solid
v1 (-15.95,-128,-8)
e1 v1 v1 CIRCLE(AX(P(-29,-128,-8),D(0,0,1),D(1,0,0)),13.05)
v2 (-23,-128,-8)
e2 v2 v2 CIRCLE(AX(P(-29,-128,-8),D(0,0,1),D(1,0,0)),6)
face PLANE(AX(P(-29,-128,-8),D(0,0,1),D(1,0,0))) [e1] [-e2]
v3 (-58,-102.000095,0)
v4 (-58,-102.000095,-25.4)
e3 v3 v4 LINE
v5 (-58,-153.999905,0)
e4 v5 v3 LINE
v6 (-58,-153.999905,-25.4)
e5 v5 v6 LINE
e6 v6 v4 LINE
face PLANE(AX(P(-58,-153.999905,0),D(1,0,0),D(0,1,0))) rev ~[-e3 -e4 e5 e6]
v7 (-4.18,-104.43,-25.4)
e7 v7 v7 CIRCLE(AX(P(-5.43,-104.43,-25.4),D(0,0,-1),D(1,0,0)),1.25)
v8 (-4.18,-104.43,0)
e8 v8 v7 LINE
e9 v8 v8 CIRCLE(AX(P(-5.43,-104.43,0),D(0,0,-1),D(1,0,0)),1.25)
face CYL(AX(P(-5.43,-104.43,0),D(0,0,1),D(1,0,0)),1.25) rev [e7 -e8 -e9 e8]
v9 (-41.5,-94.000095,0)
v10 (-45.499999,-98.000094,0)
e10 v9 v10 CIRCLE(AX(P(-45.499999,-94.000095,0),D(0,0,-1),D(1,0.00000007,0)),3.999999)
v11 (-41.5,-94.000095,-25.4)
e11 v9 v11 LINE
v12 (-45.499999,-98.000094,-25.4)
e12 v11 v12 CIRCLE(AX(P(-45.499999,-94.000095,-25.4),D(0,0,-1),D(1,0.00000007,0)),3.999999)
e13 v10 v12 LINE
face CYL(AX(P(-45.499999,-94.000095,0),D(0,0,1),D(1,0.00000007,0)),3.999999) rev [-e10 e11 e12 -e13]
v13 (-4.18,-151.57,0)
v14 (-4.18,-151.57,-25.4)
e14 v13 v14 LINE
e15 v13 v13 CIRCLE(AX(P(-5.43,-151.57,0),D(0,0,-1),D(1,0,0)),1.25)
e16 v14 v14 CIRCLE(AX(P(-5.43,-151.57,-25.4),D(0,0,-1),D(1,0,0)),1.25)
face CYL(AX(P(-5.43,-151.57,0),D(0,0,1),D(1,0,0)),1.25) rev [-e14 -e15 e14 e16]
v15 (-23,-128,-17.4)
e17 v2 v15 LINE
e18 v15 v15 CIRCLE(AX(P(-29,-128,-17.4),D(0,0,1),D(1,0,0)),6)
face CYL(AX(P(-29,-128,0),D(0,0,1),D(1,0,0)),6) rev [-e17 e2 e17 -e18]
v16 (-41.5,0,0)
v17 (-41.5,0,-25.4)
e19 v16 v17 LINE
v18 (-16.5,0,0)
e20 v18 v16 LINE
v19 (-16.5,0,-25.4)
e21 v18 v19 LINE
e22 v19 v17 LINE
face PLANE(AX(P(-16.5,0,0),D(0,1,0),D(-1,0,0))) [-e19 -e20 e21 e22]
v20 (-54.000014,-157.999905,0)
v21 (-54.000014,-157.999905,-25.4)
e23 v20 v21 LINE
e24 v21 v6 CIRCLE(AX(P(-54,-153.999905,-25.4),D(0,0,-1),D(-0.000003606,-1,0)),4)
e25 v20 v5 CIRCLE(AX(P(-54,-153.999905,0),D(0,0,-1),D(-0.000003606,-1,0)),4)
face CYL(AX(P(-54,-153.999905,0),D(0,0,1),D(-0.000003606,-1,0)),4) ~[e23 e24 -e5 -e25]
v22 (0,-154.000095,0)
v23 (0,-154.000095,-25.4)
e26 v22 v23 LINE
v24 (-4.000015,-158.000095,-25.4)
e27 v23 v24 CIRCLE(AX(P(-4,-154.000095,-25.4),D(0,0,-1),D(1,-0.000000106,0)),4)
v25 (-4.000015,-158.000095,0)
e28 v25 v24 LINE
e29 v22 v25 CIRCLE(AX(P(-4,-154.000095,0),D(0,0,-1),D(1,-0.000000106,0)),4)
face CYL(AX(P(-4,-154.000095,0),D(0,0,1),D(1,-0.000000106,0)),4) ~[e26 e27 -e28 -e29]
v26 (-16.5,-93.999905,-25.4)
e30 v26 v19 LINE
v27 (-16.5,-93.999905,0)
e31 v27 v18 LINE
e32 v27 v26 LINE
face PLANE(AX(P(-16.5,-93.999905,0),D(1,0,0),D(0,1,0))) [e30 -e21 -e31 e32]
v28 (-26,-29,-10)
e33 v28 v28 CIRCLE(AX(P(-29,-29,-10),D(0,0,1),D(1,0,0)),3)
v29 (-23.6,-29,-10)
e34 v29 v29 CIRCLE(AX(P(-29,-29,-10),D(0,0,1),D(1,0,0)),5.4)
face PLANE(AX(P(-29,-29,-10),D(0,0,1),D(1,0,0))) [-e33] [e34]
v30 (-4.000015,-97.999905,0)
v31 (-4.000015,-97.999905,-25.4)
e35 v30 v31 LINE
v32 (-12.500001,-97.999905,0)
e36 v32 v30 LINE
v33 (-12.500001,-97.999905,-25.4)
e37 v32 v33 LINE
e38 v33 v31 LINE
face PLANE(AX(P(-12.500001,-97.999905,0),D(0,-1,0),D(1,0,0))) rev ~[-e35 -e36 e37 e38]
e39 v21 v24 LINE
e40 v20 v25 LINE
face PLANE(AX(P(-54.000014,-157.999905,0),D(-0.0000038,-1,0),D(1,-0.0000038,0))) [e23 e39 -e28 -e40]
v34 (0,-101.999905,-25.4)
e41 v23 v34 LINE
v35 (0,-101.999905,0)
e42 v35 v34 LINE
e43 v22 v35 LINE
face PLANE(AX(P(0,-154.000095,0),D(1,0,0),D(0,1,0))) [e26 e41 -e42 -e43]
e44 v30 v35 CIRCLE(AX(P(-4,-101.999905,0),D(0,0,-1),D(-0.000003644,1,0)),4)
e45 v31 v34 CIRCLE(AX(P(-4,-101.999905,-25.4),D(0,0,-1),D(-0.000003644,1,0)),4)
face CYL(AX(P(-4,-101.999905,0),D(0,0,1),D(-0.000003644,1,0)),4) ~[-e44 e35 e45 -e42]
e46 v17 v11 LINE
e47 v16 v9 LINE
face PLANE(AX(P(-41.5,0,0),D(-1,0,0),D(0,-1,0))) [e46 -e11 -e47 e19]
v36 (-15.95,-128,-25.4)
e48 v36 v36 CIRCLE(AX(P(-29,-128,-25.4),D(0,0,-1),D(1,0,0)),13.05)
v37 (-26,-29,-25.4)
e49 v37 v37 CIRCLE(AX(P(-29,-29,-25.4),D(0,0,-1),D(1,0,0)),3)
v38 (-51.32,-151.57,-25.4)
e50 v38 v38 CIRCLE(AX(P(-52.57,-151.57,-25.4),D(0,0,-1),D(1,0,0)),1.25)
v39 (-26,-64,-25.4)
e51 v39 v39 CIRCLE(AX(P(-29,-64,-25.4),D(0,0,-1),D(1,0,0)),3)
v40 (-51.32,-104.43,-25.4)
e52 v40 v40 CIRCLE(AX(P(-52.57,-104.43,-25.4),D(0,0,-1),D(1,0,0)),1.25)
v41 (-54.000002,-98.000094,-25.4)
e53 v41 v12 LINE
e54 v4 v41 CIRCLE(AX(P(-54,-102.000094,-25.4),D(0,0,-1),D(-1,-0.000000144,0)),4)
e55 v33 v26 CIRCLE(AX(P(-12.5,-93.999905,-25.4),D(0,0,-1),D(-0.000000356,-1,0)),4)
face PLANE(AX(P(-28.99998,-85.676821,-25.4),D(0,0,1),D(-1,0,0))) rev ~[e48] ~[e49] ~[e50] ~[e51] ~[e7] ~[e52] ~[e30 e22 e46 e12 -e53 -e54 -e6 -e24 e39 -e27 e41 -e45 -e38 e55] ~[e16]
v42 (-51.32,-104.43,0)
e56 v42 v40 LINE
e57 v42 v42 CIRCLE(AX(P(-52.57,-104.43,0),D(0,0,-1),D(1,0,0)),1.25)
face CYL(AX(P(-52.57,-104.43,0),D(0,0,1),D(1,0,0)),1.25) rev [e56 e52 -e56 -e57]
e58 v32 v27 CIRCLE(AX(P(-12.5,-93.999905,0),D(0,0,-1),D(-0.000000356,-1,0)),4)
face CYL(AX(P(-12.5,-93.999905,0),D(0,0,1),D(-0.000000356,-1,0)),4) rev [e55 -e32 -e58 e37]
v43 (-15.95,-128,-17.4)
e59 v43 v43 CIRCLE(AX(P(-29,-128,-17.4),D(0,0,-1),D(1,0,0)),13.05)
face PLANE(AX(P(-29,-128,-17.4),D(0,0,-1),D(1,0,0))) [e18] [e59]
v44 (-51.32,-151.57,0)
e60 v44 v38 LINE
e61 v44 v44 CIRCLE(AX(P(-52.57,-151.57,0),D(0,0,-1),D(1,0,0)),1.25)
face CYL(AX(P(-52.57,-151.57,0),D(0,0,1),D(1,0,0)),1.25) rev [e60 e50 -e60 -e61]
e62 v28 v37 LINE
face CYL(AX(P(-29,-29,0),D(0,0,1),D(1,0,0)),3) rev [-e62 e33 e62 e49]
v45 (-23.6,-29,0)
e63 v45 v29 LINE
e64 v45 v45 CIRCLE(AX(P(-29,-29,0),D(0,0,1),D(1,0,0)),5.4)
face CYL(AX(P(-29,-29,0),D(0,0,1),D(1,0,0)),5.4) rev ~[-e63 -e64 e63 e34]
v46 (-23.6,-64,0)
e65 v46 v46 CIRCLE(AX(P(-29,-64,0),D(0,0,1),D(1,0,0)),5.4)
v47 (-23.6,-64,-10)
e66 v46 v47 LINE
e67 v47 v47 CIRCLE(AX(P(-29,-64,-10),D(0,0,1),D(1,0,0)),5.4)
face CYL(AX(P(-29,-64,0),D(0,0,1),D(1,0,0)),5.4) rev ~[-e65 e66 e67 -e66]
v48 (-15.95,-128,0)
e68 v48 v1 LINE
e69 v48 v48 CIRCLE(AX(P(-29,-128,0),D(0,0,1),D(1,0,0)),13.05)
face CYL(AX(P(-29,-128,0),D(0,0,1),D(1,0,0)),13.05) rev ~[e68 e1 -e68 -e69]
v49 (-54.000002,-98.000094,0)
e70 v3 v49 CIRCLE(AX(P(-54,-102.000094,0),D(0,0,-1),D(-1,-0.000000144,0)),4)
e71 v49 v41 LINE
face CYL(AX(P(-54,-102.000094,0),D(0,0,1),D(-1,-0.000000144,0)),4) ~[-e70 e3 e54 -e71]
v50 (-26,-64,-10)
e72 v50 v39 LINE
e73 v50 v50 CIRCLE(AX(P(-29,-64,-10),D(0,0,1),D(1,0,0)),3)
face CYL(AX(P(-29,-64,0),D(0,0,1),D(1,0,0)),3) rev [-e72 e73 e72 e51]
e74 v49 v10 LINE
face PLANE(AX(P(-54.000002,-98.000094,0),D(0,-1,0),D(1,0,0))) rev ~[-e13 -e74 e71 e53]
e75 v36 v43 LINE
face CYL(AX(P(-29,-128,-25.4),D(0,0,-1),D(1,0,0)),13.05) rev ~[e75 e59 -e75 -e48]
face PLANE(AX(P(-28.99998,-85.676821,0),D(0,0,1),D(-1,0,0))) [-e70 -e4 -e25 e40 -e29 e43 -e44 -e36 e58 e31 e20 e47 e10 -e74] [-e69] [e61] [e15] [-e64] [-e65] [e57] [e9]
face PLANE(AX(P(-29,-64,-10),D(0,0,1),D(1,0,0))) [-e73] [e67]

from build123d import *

# Parameters (mm, degrees)
SKETCH002_R     = 6
SKETCH002_R_2   = 3
SKETCH002_R_3   = 1.25
PAD_DEPTH       = 25.4
SKETCH_R        = 13.05
POCKET_DEPTH    = 8
SKETCH003_R     = 13.05
POCKET001_DEPTH = 8
SKETCH004_R     = 5.4
POCKET002_DEPTH = 10


with BuildPart() as part:
    # Sketch002 → Pad (new body)
    with BuildSketch(Plane(origin=(0, 0, 0), x_dir=(1, 0, 0), z_dir=(0, 0, -1))):
        with BuildLine():
            Line((-16.5, 0), (-41.5, 0))
            Line((-41.5, 0), (-41.5, 94.000095))
            ThreePointArc((-41.5, 94.000095), (-42.671573, 96.828522), (-45.499999, 98.000094))
            Line((-54.000002, 98.000094), (-45.499999, 98.000094))
            ThreePointArc((-58, 102.000095), (-56.828428, 99.171668), (-54.000002, 98.000094))
            Line((-58, 153.999905), (-58, 102.000095))
            ThreePointArc((-54.000014, 157.999905), (-56.828432, 156.828327), (-58, 153.999905))
            Line((-54.000014, 157.999905), (-4.000015, 158.000095))
            ThreePointArc((0, 154.000095), (-1.171578, 156.828527), (-4.000015, 158.000095))
            Line((0, 154.000095), (0, 101.999905))
            ThreePointArc((-4.000015, 97.999905), (-1.171578, 99.171473), (0, 101.999905))
            Line((-12.500001, 97.999905), (-4.000015, 97.999905))
            ThreePointArc((-12.500001, 97.999905), (-15.328427, 96.828332), (-16.5, 93.999905))
            Line((-16.5, 93.999905), (-16.5, 0))
        make_face()
        with Locations((-29, 128)):
            Circle(SKETCH002_R, mode=Mode.SUBTRACT)
        with Locations((-29, 64)):
            Circle(SKETCH002_R_2, mode=Mode.SUBTRACT)
        with Locations((-29, 29)):
            Circle(SKETCH002_R_2, mode=Mode.SUBTRACT)
        with Locations((-5.43, 151.57)):
            Circle(SKETCH002_R_3, mode=Mode.SUBTRACT)
        with Locations((-52.57, 151.57)):
            Circle(SKETCH002_R_3, mode=Mode.SUBTRACT)
        with Locations((-52.57, 104.43)):
            Circle(SKETCH002_R_3, mode=Mode.SUBTRACT)
        with Locations((-5.43, 104.43)):
            Circle(SKETCH002_R_3, mode=Mode.SUBTRACT)
    extrude(amount=PAD_DEPTH)

    # Sketch → Pocket (cut)
    with BuildSketch(Plane.XY):
        with Locations((-29, -128)):
            Circle(SKETCH_R)
    extrude(amount=-POCKET_DEPTH, mode=Mode.SUBTRACT)

    # Sketch003 → Pocket001 (cut)
    with BuildSketch(Plane(origin=(0, 0, -25.4), x_dir=(1, 0, 0), z_dir=(0, 0, -1))):
        with Locations((-29, 128)):
            Circle(SKETCH003_R)
    extrude(amount=-POCKET001_DEPTH, mode=Mode.SUBTRACT)

    # Sketch004 → Pocket002 (cut)
    with BuildSketch(Plane.XY):
        with Locations((-29, -29)):
            Circle(SKETCH004_R)
        with Locations((-29, -64)):
            Circle(SKETCH004_R)
    extrude(amount=-POCKET002_DEPTH, mode=Mode.SUBTRACT)


solid = part.part
